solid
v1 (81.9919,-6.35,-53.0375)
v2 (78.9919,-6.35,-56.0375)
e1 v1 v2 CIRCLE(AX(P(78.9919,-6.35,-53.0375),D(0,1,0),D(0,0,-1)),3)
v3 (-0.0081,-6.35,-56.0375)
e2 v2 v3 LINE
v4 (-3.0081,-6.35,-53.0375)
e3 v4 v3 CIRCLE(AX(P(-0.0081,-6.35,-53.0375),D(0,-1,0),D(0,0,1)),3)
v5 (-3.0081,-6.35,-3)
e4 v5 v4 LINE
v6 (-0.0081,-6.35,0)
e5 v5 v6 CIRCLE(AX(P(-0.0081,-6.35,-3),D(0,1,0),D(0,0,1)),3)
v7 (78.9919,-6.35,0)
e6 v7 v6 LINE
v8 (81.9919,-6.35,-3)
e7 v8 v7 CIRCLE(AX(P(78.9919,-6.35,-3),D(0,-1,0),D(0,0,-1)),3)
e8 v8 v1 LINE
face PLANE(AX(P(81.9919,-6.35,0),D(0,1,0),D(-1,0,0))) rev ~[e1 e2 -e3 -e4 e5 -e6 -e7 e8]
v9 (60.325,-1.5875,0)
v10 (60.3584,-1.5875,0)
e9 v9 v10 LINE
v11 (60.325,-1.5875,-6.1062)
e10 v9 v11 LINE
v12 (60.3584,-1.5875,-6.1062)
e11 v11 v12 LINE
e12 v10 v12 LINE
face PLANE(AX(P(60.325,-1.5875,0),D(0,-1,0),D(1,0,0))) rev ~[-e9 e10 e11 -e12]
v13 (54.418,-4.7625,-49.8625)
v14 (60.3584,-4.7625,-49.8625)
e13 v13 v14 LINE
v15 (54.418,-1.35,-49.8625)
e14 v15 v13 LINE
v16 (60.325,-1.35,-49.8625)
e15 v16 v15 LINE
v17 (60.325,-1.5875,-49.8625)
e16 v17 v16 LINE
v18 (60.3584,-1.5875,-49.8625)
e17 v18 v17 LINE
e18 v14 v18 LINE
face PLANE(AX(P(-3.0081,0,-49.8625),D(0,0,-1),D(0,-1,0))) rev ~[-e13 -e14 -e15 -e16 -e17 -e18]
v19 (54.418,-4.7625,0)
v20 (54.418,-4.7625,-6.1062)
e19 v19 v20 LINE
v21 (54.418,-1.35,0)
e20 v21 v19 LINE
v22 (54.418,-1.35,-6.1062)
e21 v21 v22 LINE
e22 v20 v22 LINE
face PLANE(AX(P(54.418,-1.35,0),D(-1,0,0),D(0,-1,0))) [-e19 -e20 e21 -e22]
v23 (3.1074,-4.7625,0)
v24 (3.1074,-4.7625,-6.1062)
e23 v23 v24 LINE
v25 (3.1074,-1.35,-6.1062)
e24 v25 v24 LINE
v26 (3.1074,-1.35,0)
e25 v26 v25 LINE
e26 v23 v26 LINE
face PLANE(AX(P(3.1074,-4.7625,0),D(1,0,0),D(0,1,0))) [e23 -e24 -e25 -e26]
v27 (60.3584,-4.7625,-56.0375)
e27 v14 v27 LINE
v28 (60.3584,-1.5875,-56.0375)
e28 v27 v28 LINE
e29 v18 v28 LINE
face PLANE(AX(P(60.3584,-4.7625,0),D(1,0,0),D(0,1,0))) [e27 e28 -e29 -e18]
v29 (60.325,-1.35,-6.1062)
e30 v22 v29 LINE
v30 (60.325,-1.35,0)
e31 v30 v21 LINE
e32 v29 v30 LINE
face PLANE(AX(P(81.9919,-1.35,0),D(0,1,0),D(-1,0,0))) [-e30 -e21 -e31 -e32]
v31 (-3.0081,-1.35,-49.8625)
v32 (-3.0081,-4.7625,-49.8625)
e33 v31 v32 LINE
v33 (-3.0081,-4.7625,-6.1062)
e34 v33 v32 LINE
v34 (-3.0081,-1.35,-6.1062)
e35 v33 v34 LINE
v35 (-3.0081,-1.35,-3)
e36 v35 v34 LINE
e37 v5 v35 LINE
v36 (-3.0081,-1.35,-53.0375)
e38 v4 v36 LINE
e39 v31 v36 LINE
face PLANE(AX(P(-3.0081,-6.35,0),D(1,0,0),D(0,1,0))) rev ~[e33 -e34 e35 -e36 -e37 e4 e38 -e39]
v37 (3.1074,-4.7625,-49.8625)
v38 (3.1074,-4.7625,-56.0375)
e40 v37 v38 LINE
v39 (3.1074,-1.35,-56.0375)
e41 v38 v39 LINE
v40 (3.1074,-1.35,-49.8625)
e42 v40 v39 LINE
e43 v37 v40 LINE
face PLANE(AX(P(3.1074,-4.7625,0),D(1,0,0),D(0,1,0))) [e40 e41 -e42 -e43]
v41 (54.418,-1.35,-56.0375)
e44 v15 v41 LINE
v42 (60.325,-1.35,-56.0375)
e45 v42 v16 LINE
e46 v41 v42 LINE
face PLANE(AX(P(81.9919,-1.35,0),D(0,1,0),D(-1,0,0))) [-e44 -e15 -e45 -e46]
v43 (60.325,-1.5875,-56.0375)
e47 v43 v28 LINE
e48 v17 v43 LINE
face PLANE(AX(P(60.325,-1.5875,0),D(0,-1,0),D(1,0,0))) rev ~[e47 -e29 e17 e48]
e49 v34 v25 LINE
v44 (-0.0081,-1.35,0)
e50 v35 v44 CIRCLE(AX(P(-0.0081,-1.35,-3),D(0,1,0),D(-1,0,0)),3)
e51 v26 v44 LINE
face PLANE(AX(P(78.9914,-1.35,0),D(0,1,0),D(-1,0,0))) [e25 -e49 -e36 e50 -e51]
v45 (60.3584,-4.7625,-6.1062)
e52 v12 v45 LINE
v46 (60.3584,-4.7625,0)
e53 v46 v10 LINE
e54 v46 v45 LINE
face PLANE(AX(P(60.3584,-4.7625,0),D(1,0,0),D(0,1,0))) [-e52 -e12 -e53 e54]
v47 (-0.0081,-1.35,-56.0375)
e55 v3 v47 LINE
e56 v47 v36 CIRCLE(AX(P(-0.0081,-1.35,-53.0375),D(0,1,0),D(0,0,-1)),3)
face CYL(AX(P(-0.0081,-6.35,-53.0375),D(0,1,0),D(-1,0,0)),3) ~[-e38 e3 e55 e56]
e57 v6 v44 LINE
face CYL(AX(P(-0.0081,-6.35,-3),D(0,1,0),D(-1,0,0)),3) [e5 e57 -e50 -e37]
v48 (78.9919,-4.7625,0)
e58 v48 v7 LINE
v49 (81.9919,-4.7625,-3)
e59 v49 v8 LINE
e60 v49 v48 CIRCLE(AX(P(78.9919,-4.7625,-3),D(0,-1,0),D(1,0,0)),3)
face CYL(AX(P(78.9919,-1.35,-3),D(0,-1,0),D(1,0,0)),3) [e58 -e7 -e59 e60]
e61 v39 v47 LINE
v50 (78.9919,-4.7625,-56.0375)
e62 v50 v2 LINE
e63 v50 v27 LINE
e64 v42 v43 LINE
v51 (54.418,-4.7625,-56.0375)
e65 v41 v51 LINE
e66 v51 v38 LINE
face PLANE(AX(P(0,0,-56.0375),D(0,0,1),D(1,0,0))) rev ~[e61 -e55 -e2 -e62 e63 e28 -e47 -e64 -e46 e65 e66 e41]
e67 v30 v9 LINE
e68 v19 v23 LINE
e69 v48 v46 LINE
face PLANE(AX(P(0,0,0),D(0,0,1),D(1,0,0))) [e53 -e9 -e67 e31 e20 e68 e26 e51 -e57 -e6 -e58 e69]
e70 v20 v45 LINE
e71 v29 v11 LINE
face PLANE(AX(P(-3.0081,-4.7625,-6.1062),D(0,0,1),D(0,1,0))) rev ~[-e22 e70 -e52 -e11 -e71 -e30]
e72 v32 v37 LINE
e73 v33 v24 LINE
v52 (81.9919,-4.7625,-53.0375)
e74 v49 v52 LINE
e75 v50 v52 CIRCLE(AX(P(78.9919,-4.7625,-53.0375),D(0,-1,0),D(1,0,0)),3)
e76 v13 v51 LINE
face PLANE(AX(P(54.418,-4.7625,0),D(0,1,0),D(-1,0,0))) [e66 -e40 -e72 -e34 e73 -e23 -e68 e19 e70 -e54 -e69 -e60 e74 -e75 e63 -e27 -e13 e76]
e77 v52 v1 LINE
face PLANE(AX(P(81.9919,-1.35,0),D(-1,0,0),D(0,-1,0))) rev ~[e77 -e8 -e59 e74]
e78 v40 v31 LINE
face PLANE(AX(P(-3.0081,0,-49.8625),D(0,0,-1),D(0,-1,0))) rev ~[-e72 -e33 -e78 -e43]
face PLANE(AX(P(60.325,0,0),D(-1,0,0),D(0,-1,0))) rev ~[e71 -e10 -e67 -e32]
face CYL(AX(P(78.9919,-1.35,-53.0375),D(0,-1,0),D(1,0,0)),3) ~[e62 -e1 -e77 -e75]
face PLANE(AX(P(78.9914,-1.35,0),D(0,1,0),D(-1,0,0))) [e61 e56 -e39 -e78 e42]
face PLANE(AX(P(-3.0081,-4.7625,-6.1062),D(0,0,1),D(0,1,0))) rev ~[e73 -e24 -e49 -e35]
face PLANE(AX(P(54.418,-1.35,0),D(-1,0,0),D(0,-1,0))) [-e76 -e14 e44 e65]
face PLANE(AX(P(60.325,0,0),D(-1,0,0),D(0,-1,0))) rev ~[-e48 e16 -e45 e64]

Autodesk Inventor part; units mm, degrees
ref_plane "YZ Plane" through (0, 0, 0) normal (1, 0, 0) x (0, 1, 0)
ref_plane "XZ Plane" through (0, 0, 0) normal (0, 1, 0) x (-1, 0, 0)
ref_plane "XY Plane" through (0, 0, 0) normal (0, 0, 1) x (1, 0, 0)
sketch "Sketch1" plane through (0, 0, 0) normal (0, 0, 1) x (1, 0, 0)
  line L0 (-3.0081, 0) -> (-3.0081, -1.35)
  line L1 (-0.0086, -1.35) -> (-3.0081, -1.35) projected
  line L2 (81.9919, -1.35) -> (78.9914, -1.35) projected
  line L3 (78.9914, -1.35) -> (-0.0086, -1.35) projected
  line L4 (-3.0081, -1.35) -> (81.9919, -1.35)
  line L5 (81.9919, -1.35) -> (81.9919, -6.35)
  line L6 (81.9919, -6.35) -> (-3.0081, -6.35)
  line L7 (-3.0081, -6.35) -> (-3.0081, -1.35)
  line L8 (0, 12.6) -> (65.5305, 12.6) projected
  line L9 (0, 0) -> (0, 12.6) projected
  line L10 (0, 0) -> (3.1074, 0) projected
  line L11 (3.1074, 0) -> (3.1074, 4.1) projected
  line L12 (3.1074, 4.1) -> (39.418, 4.1) projected
  line L13 (39.418, 4.1) -> (39.418, 6.6) projected
  line L14 (39.418, 6.6) -> (54.418, 6.6) projected
  line L15 (54.418, 6.6) -> (54.418, 0) projected
  line L16 (54.418, 0) -> (60.3584, 0) projected
  line L17 (60.3584, 0) -> (60.3584, 1.0153) projected
  line L18 (60.3584, 1.0153) -> (65.5305, 1.0153) projected
  line L19 (65.5305, 1.0153) -> (65.5305, 12.6) projected
  dimension "d0" = 5
extrude "Extrusion1" add sketch "Sketch1" against normal blind 56.0375 contours L3 L2 L5 L6 L7 L1
fillet "Fillet1" radius 3 4 edges at (-3.0081, -3.85, 0) (-3.0081, -3.85, -56.0375) (81.9919, -3.85, 0) (81.9919, -3.85, -56.0375)
sketch "Sketch2" plane through (0, 0, 0) normal (0, 0, 1) x (1, 0, 0)
  line L0 (0, 12.6) -> (65.5305, 12.6) projected
  line L1 (0, 0) -> (0, 12.6) projected
  line L2 (0, 0) -> (3.1074, 0) projected
  line L3 (3.1074, 0) -> (3.1074, 4.1) projected
  line L4 (3.1074, 4.1) -> (39.418, 4.1) projected
  line L5 (39.418, 4.1) -> (39.418, 6.6) projected
  line L6 (39.418, 6.6) -> (54.418, 6.6) projected
  line L7 (54.418, 6.6) -> (54.418, 0) projected
  line L8 (54.418, 0) -> (60.3584, 0) projected
  line L9 (60.3584, 0) -> (60.3584, 1.0153) projected
  line L10 (60.3584, 1.0153) -> (65.5305, 1.0153) projected
  line L11 (65.5305, 1.0153) -> (65.5305, 12.6) projected
  line L12 (-0.0081, -1.35) -> (78.9919, -1.35) projected
  line L13 (3.1074, -1.35) -> (54.418, -1.35)
  line L14 (54.418, -1.35) -> (54.418, -4.7625)
  line L15 (54.418, -4.7625) -> (3.1074, -4.7625)
  line L16 (3.1074, -4.7625) -> (3.1074, -1.35)
  line L17 (60.3584, -1.5875) -> (89.6562, -1.5875)
  line L18 (89.6562, -1.5875) -> (89.6562, -4.7625)
  line L19 (89.6562, -4.7625) -> (60.3584, -4.7625)
  line L20 (60.3584, -4.7625) -> (60.3584, -1.5875)
extrude "Extrusion2" cut sketch "Sketch2" against normal blind 56.0375 contours L12 L14 L15 L16 | L17 L18 L19 L20
sketch "Sketch3" plane through (-3.0081, -6.35, -53.0375) normal (-1, 0, 0) x (0, 0, 1)
  line L0 (53.0375, 1.5875) -> (-3, 1.5875) projected
  line L1 (3.175, 1.5875) -> (46.9313, 1.5875)
  line L2 (46.9313, 1.5875) -> (46.9313, 6.35)
  line L3 (46.9313, 6.35) -> (3.175, 6.35)
  line L4 (3.175, 6.35) -> (3.175, 1.5875)
  point P0 (53.0375, 6.35)
extrude "Extrusion3" cut sketch "Sketch3" against normal blind 89.375
sketch "Sketch4" plane through (0, 0, 0) normal (0, 0, 1) x (1, 0, 0)
  line L0 (60.325, -1.5875) -> (82.55, -1.5875)
  line L1 (82.55, -1.5875) -> (82.55, 0)
  line L2 (82.55, 0) -> (60.325, 0)
  line L3 (60.325, 0) -> (60.325, -1.5875)
  point P0 (0, 0)
extrude "Extrusion4" cut sketch "Sketch4" against normal blind 89.375
properties part number "Heatsink Base" material "Gold"
